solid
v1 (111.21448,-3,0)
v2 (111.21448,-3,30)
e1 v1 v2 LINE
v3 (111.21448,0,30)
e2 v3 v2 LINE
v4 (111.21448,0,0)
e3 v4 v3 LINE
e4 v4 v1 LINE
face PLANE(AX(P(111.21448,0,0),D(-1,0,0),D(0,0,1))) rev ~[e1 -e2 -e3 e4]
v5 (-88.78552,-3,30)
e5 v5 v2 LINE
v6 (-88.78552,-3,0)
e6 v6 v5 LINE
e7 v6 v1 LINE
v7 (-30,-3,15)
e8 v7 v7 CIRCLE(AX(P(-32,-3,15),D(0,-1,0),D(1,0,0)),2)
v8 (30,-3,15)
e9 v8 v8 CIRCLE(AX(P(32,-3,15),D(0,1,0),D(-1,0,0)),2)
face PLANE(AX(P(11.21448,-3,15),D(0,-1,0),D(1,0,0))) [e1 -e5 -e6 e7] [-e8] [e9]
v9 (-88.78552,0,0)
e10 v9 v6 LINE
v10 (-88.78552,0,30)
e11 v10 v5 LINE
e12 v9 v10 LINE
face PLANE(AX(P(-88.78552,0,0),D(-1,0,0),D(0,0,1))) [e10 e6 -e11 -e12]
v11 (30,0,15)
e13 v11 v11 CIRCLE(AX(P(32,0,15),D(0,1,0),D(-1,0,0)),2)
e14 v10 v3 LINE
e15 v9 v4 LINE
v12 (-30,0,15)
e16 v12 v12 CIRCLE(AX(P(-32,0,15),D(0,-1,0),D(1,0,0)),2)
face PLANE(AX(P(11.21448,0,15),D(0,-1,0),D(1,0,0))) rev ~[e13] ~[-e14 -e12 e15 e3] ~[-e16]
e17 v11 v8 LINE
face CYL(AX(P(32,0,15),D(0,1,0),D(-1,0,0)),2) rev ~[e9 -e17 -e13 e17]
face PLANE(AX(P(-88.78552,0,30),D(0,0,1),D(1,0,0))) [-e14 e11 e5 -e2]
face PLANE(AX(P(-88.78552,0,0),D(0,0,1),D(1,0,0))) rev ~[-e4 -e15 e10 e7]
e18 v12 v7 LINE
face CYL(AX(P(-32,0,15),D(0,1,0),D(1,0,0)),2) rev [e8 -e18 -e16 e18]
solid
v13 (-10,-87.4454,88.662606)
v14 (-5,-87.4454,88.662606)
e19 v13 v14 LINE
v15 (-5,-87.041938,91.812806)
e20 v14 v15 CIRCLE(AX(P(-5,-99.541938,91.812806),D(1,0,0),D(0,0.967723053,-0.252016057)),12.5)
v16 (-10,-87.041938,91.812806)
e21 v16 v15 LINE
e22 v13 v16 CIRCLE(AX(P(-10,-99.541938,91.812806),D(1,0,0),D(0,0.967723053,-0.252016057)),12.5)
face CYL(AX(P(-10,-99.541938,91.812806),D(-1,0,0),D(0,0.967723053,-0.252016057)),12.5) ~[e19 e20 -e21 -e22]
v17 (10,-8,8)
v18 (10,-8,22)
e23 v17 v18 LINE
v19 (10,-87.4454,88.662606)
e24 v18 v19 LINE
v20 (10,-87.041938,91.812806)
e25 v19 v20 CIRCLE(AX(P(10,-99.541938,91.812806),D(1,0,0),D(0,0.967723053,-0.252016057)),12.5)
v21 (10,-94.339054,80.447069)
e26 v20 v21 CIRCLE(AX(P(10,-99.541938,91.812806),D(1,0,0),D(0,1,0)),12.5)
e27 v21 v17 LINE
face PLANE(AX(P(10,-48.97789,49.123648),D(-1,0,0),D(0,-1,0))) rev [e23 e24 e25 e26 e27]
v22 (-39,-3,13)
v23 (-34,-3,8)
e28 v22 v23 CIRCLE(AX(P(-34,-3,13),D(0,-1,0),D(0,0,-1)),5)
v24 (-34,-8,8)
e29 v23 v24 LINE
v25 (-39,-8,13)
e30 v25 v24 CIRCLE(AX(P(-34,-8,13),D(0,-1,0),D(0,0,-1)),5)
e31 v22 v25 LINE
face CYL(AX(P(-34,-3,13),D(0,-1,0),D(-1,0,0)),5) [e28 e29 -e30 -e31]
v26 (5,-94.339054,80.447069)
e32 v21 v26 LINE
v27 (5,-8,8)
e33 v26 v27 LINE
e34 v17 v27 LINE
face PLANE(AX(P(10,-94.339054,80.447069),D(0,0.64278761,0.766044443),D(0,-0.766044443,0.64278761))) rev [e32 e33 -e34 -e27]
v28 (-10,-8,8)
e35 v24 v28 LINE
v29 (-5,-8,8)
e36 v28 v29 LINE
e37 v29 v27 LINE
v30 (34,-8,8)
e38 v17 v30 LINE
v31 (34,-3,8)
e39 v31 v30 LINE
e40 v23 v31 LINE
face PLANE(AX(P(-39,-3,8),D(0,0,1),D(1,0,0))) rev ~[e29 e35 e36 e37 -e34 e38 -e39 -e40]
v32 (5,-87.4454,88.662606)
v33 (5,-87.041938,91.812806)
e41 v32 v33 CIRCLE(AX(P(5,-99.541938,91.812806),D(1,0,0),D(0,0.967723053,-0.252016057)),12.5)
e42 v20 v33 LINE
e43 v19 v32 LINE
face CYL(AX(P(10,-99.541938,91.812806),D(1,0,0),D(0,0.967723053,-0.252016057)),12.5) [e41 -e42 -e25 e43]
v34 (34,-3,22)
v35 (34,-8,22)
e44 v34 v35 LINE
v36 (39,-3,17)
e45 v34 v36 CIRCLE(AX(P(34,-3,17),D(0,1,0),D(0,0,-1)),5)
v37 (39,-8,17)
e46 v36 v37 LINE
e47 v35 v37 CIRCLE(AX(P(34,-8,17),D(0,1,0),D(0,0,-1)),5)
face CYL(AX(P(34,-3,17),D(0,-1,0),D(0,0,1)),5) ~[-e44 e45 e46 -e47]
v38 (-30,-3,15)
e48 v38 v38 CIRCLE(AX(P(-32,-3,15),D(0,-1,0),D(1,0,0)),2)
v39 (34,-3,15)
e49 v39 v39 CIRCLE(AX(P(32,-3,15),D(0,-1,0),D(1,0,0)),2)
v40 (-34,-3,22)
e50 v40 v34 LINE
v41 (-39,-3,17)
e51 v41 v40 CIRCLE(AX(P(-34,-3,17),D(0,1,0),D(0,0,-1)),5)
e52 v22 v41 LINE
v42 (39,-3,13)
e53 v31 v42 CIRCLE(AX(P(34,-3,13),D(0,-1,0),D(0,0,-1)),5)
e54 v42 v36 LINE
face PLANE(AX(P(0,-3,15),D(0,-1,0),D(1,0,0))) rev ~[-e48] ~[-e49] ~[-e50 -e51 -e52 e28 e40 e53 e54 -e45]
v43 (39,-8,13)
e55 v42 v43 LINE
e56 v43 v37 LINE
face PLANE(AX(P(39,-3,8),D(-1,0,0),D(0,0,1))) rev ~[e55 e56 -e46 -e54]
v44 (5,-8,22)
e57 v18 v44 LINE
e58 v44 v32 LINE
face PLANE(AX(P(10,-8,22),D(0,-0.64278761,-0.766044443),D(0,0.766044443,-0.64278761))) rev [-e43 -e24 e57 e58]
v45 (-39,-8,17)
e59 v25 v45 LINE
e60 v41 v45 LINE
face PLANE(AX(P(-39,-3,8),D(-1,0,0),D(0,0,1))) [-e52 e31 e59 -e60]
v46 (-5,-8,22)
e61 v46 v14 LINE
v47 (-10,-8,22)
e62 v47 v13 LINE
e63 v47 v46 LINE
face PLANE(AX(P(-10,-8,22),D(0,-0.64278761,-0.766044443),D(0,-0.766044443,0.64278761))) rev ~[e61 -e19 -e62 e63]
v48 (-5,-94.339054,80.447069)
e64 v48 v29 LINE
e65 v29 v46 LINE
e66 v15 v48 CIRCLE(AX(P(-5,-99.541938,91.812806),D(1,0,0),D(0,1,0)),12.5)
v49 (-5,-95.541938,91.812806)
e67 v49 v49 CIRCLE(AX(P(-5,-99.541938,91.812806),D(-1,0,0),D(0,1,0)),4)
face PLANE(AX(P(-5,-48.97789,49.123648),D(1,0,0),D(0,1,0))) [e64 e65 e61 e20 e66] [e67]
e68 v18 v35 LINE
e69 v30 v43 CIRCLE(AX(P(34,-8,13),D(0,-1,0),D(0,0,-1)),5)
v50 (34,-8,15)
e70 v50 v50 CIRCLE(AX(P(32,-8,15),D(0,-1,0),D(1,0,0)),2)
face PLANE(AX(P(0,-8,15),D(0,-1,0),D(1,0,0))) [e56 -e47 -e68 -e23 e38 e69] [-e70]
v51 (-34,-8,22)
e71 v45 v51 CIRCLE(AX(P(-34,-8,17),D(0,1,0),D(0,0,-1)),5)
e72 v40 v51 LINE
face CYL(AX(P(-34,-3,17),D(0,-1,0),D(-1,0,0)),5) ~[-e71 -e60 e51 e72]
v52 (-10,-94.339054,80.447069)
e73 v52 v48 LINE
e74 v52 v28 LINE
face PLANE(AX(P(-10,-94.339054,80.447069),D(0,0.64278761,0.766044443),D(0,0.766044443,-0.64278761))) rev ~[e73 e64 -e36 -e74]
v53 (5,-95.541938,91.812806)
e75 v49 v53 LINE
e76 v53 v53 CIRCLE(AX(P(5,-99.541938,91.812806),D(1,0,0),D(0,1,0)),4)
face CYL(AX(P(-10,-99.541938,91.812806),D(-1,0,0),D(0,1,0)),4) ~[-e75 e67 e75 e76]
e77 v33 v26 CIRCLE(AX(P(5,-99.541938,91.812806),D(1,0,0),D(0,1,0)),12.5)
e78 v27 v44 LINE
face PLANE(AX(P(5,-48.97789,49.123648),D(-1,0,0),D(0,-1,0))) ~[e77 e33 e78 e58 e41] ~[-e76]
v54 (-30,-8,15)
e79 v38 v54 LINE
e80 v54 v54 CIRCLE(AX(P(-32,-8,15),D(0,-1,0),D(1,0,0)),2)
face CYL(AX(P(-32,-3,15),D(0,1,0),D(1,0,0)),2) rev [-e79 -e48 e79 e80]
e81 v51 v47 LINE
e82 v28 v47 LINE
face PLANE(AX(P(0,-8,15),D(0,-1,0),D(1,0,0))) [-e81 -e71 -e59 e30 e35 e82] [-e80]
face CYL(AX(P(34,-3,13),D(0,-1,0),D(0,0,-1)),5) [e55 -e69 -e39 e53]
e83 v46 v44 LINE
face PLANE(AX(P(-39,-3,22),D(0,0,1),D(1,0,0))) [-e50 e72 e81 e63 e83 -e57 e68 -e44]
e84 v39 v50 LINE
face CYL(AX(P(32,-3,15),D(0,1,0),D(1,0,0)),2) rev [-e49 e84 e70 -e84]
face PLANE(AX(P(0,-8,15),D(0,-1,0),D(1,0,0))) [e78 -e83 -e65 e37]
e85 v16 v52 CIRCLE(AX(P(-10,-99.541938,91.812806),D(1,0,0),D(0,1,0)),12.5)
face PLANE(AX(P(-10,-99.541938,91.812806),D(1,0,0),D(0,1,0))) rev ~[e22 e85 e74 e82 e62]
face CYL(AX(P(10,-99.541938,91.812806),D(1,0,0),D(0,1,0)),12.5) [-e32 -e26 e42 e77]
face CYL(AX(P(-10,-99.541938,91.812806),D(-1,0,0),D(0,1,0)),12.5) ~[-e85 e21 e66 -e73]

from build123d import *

# Parameters (mm, degrees)
F0_W     = 200
F0_H     = 30
F0_R     = 2
F1_DEPTH = 3
F2_W     = 78
F2_H     = 14
F2_R     = 2
F3_DEPTH = 5
F4_R     = 5
F6_R     = 4
F7_DEPTH = 5
F9_DEPTH = 15


with BuildPart() as f1:
    # F0 (on Front) → F1 (new body)
    with BuildSketch(Plane.XZ):
        with Locations((11.214479804, 15)):
            Rectangle(F0_W, F0_H)
        with Locations((-32, 15)):
            Circle(F0_R, mode=Mode.SUBTRACT)
        with BuildLine():
            ThreePointArc((34, 15), (32, 13), (30, 15))
            ThreePointArc((30, 15), (32, 17), (34, 15))
        make_face(mode=Mode.SUBTRACT)
    extrude(amount=F1_DEPTH)


with BuildPart() as f3:
    # F2 (on face) → F3 (new body)
    with BuildSketch(Plane.XZ.offset(3)):
        with Locations((0, 15)):
            Rectangle(F2_W, F2_H)
        with Locations((-32, 15)):
            Circle(F2_R, mode=Mode.SUBTRACT)
        with Locations((32, 15)):
            Circle(F2_R, mode=Mode.SUBTRACT)
    extrude(amount=F3_DEPTH)

    # F4
    f4_edges = [f3.edges().sort_by_distance(p)[0] for p in [
        (-39, -5.5, 22),
        (-39, -5.5, 8),
        (39, -5.5, 8),
        (39, -5.5, 22),
    ]]
    fillet(f4_edges, radius=F4_R)

    # F8: F7 across plane


with BuildPart() as f7:
    # F6 (on offset) → F7 (new body)
    with BuildSketch(Plane.YZ.offset(-10)):
        with BuildLine():
            Line((-8, 8), (-8, 22))
            Line((-8, 22), (-87.4453999329, 88.6626057824))
            ThreePointArc((-87.4453999329, 88.6626057824), (-89.9663825552, 83.777961371), (-94.339054204, 80.4470685388))
            Line((-94.339054204, 80.4470685388), (-8, 8))
        make_face()
        with BuildLine():
            ThreePointArc((-94.339054204, 80.4470685388), (-89.9663825552, 83.777961371), (-87.4453999329, 88.6626057824))
            Line((-87.4453999329, 88.6626057824), (-99.9253331743, 99.1345131624))
            Line((-99.9253331743, 99.1345131624), (-106.8189874454, 90.9189759187))
            Line((-106.8189874454, 90.9189759187), (-94.339054204, 80.4470685388))
        make_face()
        with Locations((-99.5419380942, 91.8128064921)):
            Circle(F6_R, mode=Mode.SUBTRACT)
        with BuildLine():
            Line((-99.9253331743, 99.1345131624), (-87.4453999329, 88.6626057824))
            ThreePointArc((-87.4453999329, 88.6626057824), (-87.1432138248, 90.2248403427), (-87.0419380942, 91.8128064921))
            ThreePointArc((-87.0419380942, 91.8128064921), (-110.060636888, 98.5661001838), (-94.339054204, 80.4470685388))
            Line((-94.339054204, 80.4470685388), (-106.8189874454, 90.9189759187))
            Line((-106.8189874454, 90.9189759187), (-99.9253331743, 99.1345131624))
        make_face()
        with Locations((-99.5419380942, 91.8128064921)):
            Circle(F6_R)
    extrude(amount=F7_DEPTH)


with BuildPart() as f3_1:
    add(f3.part)
    add(f7.part.mirror(Plane.YZ))


    add(f7.part)  # F9 merges F7
    # F6 (on offset) → F9 (join, through all)
    with BuildSketch(Plane.YZ.offset(-10)):
        with Locations((-99.5419380942, 91.8128064921)):
            Circle(F6_R)
    extrude(amount=F9_DEPTH)


solid = Compound([f1.part, f3_1.part])
